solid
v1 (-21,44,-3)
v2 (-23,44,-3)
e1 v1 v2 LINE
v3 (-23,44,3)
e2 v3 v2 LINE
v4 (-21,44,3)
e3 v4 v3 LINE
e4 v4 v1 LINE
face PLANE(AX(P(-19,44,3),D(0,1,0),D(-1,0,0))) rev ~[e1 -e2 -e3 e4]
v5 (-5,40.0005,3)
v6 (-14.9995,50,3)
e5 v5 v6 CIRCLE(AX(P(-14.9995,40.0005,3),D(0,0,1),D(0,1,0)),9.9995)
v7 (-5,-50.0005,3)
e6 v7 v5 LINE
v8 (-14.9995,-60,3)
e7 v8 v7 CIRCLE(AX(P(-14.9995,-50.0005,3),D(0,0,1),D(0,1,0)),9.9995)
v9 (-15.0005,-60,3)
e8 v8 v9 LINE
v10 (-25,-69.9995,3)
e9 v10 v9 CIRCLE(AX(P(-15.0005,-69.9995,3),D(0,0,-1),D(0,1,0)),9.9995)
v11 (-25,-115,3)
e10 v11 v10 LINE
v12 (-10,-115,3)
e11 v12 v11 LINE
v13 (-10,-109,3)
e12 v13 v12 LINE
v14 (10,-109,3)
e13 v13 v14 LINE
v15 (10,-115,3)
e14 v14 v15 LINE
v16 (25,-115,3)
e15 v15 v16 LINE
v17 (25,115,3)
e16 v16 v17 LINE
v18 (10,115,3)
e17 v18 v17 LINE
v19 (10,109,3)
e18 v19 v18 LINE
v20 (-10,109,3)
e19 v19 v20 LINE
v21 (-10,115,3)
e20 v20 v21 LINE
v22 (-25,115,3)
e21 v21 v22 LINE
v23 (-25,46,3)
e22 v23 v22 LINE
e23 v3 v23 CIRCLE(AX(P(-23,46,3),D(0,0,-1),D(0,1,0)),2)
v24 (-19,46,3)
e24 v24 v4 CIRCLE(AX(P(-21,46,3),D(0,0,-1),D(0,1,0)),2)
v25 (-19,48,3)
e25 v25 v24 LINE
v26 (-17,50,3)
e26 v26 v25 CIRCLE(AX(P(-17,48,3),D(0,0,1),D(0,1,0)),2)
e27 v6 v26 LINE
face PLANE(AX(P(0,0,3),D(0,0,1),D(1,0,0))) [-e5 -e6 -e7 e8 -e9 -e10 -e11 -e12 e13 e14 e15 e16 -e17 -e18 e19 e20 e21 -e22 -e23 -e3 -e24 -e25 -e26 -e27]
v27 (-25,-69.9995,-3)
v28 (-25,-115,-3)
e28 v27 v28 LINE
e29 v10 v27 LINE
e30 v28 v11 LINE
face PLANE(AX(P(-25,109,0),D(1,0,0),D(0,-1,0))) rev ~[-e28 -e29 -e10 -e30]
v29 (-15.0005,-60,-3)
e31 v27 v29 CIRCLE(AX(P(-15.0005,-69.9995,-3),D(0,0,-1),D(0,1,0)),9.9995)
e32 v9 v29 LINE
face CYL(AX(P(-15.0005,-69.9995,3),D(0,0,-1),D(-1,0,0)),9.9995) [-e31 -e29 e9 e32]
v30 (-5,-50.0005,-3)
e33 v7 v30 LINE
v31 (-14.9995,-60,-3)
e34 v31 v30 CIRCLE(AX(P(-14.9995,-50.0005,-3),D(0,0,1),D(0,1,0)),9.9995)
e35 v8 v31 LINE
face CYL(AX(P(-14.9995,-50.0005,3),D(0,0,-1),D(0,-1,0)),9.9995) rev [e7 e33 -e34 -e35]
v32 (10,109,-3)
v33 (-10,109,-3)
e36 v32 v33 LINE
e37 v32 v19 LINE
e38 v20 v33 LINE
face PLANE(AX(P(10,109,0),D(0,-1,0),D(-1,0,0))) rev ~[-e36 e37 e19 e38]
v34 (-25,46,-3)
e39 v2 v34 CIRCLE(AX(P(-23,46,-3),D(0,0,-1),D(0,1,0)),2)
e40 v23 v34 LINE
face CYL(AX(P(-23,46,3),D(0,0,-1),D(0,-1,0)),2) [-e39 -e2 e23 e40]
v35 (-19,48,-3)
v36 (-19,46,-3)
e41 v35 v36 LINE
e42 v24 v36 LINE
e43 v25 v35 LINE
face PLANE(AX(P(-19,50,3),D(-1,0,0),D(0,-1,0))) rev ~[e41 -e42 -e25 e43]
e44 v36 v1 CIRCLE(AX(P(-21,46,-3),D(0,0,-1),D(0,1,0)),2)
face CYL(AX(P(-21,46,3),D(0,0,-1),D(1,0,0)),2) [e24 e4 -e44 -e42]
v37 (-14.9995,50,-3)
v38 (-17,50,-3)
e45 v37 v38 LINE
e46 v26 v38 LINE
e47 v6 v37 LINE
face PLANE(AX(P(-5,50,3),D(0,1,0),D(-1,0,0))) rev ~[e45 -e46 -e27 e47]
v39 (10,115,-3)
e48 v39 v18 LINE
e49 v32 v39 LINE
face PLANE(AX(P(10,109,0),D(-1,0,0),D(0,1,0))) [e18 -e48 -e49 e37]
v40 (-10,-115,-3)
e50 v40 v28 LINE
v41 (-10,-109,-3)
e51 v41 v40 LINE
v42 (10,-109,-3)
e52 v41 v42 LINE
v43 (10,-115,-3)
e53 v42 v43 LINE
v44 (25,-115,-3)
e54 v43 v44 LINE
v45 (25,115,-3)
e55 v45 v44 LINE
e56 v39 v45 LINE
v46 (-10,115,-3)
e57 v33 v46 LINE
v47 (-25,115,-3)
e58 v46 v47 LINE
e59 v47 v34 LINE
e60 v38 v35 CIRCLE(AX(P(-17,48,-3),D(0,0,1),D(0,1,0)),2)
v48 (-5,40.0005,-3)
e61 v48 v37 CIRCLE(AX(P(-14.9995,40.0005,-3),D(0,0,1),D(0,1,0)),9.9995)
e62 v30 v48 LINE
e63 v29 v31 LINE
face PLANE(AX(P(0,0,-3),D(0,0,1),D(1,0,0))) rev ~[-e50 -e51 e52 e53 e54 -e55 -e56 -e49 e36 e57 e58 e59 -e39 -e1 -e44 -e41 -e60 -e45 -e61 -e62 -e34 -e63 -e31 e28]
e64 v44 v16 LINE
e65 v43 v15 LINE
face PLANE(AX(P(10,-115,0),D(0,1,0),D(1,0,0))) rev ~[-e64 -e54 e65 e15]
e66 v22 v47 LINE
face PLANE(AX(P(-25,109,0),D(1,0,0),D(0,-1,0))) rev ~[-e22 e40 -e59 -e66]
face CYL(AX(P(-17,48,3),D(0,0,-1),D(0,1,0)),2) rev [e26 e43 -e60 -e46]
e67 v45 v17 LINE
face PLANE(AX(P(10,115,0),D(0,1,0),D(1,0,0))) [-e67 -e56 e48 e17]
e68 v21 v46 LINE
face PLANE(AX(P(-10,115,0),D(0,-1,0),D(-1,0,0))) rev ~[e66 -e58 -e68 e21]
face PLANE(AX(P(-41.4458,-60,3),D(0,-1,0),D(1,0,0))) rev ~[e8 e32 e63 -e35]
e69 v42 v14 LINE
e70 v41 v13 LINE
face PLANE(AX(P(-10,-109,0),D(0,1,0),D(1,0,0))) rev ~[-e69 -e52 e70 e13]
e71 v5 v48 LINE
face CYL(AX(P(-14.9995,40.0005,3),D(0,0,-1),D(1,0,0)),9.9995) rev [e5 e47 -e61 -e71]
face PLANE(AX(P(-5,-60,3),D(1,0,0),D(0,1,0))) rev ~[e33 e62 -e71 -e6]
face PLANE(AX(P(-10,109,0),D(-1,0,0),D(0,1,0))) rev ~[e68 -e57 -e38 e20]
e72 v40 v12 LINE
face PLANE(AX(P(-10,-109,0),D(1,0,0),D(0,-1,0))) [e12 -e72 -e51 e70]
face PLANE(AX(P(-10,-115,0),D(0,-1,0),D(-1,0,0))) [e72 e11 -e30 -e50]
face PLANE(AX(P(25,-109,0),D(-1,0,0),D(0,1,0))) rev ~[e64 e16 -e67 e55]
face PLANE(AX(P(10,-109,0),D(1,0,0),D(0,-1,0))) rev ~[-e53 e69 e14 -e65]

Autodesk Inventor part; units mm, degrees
ref_plane "YZ Plane" through (0, 0, 0) normal (1, 0, 0) x (0, 1, 0)
ref_plane "XZ Plane" through (0, 0, 0) normal (0, 1, 0) x (-1, 0, 0)
ref_plane "XY Plane" through (0, 0, 0) normal (0, 0, 1) x (1, 0, 0)
sketch "Эскиз1" plane through (0, 0, 0) normal (0, 0, 1) x (1, 0, 0)
  line L0 (-25, -109) -> (25, -109)
  line L1 (25, -109) -> (25, 109)
  line L2 (25, 109) -> (-25, 109)
  line L3 (-25, 109) -> (-25, -109)
  line L4 (-25, -109) -> (25, 109) construction
  line L5 (25, -109) -> (-25, 109) construction
  line L6 (0, 0) -> (0, 129.6236) construction
  line L7 (0, 0) -> (116.4638, 0) construction
  line L8 (-25, 109) -> (-10, 109)
  line L9 (-10, 109) -> (-10, 115)
  line L10 (-10, 115) -> (-25, 115)
  line L11 (-25, 115) -> (-25, 109)
  line L12 (25, 109) -> (10, 109)
  line L13 (10, 109) -> (10, 115)
  line L14 (10, 115) -> (25, 115)
  line L15 (25, 115) -> (25, 109)
  line L16 (-25, -109) -> (-10, -109)
  line L17 (-10, -109) -> (-10, -115)
  line L18 (-10, -115) -> (-25, -115)
  line L19 (-25, -115) -> (-25, -109)
  line L20 (25, -109) -> (10, -109)
  line L21 (10, -109) -> (10, -115)
  line L22 (10, -115) -> (25, -115)
  line L23 (25, -115) -> (25, -109)
  dimension "d0" = 50
  dimension "d1" = 15
  dimension "d2" = 6
  dimension "d3" = 230
extrude "Выдавливание1" add sketch "Эскиз1" along normal mid plane 6
sketch "Эскиз2" plane through (0, 0, 3) normal (0, 0, 1) x (1, 0, 0)
  point P0 (0, 0)
sketch "Эскиз3" plane through (0, 0, 3) normal (0, 0, 1) x (1, 0, 0)
  line L0 (-41.4458, -60) -> (-5, -60)
  line L1 (-5, -60) -> (-5, 50)
  line L2 (-5, 50) -> (-41.4458, 50)
  line L3 (-41.4458, 50) -> (-41.4458, -60)
  line L4 (-25, -115) -> (-10, -115) projected
  line L5 (-25, 115) -> (-25, -115) projected
  line L6 (-25, 50) -> (-19, 50)
  line L7 (-19, 50) -> (-19, 44)
  line L8 (-19, 44) -> (-25, 44)
  line L9 (-25, 44) -> (-25, 50)
  point P0 (0, 0)
  dimension "d8" = 20
  dimension "d12" = 6
  dimension "d13" = 6
  dimension "d17" = 50
  dimension "d18" = 60
extrude "Выдавливание2" cut sketch "Эскиз3" against normal through all contours L3 L2 L5 L0 | L5 L8 L7 L2 L1 L0
fillet "Сопряжение1" radius 10 3 edges at (-5, -60, 0) (-5, 50, 0) (-25, -60, 0)
fillet "Сопряжение2" radius 2 3 edges at (-19, 44, 0) (-25, 44, 0) (-19, 50, 0)
properties part number "Планка боковая"
